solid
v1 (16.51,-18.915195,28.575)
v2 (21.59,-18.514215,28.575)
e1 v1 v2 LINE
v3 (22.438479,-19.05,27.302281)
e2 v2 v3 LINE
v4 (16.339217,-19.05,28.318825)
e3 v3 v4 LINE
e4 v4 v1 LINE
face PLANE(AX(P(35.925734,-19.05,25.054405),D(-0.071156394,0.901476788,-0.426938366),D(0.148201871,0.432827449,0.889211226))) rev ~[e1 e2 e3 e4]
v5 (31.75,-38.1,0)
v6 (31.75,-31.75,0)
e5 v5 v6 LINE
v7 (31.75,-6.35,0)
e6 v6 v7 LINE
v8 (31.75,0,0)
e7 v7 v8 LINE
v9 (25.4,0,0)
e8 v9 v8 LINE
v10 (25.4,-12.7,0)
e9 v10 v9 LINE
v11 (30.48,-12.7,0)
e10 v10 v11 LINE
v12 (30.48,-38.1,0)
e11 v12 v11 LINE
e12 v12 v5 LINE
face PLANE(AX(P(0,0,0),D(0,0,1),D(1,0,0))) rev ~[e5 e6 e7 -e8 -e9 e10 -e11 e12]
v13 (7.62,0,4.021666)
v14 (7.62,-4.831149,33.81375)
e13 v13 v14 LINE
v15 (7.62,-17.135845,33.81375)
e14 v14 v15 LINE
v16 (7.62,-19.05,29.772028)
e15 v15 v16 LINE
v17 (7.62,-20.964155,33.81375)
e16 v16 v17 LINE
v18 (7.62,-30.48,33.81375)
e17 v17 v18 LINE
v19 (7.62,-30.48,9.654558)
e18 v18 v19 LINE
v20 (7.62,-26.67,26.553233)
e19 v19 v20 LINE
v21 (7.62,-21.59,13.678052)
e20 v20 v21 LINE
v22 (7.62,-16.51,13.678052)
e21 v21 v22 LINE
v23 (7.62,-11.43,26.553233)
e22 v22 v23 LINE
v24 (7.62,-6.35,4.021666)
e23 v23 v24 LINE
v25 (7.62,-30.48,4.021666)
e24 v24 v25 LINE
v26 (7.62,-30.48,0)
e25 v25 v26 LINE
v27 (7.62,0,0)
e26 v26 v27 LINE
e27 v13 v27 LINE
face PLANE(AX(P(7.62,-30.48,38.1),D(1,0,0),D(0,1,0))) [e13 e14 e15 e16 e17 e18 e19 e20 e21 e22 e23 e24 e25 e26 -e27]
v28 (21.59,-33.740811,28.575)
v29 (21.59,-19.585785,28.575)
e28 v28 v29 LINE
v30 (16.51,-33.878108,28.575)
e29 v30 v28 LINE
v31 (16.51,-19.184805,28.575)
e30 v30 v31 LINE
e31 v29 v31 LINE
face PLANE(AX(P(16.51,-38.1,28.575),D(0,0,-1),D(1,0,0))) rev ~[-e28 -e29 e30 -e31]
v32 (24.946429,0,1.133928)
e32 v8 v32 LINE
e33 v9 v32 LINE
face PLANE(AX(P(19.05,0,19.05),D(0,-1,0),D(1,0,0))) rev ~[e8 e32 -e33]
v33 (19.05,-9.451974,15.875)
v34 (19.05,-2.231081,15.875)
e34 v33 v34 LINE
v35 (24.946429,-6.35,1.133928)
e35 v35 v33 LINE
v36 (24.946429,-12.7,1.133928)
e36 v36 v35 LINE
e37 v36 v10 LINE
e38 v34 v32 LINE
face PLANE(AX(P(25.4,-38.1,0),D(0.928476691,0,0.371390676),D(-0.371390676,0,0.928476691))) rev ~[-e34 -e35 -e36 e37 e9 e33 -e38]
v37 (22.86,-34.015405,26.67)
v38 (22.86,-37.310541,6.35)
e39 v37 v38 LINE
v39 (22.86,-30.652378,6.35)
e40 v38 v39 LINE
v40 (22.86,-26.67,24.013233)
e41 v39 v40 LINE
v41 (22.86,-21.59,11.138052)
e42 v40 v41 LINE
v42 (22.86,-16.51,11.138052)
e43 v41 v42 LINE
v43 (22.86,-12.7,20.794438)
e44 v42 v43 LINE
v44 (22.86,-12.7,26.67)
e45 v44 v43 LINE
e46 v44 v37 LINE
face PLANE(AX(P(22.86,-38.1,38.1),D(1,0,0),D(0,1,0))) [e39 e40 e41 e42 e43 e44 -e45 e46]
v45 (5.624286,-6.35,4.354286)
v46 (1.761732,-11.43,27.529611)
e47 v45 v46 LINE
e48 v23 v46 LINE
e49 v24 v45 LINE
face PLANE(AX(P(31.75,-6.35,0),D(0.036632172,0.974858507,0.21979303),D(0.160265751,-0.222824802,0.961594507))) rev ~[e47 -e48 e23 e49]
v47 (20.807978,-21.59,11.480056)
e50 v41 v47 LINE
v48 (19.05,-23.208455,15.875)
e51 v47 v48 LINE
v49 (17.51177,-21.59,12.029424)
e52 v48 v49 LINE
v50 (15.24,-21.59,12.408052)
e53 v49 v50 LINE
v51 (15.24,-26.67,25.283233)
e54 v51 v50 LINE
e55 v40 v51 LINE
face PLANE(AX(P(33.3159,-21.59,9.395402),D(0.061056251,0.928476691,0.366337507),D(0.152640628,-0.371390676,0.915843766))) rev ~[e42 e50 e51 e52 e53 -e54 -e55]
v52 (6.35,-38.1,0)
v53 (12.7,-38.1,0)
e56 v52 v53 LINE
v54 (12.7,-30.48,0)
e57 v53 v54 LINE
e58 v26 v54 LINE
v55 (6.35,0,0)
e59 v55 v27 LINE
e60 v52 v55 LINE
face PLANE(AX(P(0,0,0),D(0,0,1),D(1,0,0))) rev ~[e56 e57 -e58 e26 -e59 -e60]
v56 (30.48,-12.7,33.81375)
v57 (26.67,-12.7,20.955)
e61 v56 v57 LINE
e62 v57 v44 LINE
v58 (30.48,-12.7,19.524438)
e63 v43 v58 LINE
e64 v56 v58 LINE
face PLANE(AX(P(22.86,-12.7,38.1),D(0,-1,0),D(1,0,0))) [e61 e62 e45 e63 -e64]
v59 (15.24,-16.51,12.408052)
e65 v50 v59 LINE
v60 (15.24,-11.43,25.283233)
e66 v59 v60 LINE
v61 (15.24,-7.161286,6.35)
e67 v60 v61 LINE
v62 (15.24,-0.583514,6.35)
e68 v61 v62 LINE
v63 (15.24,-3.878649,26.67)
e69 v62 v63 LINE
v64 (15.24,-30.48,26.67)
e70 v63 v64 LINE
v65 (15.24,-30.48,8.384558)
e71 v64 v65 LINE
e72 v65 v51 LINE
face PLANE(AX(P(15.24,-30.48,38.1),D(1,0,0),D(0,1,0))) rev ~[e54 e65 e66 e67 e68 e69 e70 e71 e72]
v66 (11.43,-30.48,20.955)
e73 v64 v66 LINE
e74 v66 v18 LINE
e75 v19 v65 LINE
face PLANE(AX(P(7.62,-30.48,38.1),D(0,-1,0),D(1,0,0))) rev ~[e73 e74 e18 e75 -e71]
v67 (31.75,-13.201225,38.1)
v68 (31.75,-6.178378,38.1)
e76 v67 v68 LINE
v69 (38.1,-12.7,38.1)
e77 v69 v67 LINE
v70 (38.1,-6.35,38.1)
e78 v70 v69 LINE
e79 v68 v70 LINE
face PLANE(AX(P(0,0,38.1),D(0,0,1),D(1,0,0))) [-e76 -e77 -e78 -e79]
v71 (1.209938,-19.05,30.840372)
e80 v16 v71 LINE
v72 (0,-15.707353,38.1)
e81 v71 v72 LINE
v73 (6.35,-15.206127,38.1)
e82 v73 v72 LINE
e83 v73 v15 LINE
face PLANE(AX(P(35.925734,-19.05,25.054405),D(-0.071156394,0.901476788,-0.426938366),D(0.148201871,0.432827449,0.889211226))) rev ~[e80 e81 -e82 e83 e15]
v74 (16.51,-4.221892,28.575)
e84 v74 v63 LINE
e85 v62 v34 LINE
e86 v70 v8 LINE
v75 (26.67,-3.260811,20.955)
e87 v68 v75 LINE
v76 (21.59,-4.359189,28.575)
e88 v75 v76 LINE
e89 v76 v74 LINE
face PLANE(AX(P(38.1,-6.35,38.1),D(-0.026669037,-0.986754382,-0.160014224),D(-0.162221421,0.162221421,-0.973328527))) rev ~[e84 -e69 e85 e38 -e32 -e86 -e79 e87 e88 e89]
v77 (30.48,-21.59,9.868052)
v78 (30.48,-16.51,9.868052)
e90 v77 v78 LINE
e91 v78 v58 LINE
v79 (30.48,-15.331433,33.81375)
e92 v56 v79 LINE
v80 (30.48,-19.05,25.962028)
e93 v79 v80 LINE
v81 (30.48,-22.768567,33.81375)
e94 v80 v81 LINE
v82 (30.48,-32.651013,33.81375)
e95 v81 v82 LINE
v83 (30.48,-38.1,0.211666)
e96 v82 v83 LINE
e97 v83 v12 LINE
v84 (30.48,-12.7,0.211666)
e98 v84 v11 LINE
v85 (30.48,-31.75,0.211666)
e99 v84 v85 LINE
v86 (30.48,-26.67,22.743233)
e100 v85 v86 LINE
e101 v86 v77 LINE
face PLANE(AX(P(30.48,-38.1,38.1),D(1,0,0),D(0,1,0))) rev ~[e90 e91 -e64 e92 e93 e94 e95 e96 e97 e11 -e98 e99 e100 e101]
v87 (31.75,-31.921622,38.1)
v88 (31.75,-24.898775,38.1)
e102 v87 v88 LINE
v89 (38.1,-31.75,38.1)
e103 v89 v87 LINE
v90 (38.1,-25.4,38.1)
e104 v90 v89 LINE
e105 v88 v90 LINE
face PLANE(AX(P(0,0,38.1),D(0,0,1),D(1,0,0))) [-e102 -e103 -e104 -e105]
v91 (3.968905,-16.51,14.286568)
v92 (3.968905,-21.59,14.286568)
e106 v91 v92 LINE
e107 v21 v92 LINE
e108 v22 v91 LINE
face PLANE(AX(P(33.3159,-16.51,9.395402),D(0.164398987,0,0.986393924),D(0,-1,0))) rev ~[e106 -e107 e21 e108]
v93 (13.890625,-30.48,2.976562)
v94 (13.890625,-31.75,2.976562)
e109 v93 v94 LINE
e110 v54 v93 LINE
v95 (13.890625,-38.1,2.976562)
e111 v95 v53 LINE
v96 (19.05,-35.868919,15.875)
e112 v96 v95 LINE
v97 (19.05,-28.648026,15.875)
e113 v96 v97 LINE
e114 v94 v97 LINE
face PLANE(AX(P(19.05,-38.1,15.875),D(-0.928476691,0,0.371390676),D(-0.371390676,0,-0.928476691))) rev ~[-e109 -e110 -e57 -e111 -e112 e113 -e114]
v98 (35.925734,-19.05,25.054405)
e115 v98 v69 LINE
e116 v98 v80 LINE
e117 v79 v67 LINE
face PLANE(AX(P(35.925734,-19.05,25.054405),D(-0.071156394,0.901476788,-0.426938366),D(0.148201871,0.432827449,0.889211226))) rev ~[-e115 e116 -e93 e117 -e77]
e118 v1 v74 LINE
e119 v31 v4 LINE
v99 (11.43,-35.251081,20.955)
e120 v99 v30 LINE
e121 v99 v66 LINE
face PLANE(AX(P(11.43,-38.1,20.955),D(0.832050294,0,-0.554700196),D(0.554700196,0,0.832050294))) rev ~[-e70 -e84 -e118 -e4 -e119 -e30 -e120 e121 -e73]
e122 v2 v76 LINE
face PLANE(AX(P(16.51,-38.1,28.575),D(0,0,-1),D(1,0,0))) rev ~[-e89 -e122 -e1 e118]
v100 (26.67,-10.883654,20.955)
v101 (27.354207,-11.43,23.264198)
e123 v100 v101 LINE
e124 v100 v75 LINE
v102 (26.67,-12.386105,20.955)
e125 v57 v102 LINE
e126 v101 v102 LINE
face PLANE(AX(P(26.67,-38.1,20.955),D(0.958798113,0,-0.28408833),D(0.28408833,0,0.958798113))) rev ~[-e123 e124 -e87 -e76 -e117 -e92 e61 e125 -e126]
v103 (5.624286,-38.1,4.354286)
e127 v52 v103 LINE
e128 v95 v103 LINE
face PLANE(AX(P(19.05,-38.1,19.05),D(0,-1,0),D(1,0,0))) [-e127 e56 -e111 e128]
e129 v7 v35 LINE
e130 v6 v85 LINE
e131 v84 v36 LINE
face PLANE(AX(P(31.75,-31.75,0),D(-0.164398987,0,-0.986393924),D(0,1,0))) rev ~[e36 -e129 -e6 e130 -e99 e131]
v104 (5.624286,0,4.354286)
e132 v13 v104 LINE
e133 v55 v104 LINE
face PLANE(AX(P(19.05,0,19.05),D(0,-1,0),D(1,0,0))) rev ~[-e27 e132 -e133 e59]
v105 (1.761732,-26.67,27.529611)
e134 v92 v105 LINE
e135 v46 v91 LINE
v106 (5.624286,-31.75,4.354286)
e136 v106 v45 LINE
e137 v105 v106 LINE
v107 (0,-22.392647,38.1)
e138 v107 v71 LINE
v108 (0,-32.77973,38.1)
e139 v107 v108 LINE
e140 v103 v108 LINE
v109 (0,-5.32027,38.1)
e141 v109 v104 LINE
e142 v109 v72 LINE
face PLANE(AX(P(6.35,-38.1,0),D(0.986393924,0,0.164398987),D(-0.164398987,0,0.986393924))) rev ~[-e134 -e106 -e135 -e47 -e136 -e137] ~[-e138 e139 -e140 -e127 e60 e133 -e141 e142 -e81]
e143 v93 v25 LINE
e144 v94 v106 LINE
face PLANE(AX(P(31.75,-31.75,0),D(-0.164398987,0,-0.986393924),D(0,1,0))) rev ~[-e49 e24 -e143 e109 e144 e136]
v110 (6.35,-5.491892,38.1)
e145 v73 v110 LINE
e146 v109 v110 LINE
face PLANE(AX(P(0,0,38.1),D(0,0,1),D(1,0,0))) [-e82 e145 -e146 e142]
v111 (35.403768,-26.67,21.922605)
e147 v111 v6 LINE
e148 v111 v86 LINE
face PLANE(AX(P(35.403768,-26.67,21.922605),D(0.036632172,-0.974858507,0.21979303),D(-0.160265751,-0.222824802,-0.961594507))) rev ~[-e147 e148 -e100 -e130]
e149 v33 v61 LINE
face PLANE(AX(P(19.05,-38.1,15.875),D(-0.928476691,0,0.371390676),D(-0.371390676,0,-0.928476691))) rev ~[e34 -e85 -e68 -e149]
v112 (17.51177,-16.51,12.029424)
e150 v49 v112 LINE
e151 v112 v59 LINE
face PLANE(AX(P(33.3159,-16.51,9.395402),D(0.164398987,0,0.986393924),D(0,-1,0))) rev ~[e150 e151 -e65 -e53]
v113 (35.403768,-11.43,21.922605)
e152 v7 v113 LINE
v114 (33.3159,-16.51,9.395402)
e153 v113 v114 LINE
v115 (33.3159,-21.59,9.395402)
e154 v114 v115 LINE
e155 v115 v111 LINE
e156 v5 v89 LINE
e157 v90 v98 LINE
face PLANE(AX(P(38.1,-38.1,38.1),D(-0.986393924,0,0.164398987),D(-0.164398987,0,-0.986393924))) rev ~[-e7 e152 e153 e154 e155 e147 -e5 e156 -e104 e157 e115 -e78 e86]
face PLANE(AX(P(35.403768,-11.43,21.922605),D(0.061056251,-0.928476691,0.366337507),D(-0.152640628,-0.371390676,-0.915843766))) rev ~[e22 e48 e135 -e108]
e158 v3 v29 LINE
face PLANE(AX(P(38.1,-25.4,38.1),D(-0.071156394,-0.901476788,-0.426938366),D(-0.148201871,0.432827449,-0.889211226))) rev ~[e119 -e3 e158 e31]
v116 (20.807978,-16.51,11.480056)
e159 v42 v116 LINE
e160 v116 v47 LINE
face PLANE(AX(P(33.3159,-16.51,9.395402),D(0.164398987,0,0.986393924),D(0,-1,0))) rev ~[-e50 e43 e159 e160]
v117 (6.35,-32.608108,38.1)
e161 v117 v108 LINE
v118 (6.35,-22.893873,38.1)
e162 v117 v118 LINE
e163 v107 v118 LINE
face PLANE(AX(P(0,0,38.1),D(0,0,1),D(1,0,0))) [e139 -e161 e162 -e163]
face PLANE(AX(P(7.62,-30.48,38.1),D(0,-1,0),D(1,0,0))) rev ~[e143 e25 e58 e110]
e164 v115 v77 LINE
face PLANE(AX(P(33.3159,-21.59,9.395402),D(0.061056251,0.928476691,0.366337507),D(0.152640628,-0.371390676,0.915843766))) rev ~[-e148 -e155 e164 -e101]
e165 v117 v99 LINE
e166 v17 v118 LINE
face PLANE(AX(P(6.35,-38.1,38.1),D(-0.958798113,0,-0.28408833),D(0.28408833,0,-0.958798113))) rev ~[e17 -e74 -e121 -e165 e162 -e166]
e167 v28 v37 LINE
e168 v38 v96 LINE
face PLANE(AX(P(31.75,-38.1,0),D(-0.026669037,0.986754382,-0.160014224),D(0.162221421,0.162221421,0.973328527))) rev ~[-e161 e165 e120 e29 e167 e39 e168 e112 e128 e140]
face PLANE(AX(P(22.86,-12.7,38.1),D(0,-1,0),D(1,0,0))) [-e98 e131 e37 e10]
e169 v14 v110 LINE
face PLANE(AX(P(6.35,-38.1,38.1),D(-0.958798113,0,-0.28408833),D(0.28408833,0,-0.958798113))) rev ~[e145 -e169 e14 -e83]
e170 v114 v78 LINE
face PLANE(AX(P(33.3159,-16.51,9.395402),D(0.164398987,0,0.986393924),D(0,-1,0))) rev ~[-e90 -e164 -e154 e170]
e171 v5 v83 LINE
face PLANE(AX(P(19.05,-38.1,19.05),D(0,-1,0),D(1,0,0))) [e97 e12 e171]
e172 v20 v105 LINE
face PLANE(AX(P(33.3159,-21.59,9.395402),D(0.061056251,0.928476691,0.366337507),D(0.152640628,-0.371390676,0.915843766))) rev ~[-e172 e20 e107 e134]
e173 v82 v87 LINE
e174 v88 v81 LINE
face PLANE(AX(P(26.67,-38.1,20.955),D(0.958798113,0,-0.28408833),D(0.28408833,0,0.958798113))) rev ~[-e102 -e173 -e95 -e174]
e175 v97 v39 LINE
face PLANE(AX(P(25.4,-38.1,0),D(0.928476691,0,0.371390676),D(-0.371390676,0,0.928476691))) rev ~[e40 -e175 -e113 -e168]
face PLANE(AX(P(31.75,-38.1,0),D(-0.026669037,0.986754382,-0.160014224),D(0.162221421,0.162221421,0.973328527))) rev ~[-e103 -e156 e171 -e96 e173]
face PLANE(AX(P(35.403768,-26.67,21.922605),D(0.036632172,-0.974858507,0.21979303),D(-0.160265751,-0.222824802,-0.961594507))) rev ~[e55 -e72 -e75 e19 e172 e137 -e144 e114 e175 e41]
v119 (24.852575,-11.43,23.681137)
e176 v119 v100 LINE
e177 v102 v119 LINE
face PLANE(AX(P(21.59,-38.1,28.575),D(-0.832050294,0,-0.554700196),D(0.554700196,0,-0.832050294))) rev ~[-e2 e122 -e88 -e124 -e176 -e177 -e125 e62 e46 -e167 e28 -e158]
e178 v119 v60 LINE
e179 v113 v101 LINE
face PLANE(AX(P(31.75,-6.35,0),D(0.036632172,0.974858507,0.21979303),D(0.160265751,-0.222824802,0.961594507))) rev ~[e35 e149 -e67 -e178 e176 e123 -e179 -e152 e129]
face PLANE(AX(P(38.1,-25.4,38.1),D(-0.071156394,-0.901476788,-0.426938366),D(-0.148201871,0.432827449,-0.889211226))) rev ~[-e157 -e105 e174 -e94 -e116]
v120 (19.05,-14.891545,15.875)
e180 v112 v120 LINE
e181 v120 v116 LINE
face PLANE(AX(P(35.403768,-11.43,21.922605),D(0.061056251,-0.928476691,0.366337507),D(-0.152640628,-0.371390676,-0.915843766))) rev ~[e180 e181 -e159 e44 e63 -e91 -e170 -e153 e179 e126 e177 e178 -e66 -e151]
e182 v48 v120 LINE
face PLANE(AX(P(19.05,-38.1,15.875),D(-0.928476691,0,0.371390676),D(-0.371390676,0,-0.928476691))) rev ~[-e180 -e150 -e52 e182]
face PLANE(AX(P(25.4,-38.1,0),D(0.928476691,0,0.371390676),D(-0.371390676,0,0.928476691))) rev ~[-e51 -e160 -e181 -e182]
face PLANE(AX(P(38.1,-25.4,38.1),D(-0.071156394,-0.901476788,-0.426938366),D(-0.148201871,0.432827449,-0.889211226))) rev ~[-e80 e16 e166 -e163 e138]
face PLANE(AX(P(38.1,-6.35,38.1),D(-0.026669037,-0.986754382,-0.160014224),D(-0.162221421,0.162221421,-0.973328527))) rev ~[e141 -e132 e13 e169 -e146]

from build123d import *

# Parameters (mm, degrees)
F0_W     = 38.1
F0_H     = 38.1
F1_DEPTH = 38.1
F3_DEPTH = 38.1
F5_DEPTH = 38.1
F7_W     = 7.62
F7_H     = 25.4
F7_H_2   = 30.48
F8_DEPTH = 38.1


with BuildPart() as f1:
    # F0 (on Front) → F1 (new body)
    with BuildSketch(Plane.XZ):
        with Locations((19.05, 19.05)):
            Rectangle(F0_W, F0_H)
    extrude(amount=F1_DEPTH)

    # F2 (on face) → F3 (cut)
    with BuildSketch(Plane.XZ.offset(38.1)):
        Polygon((31.75, 38.1), (6.35, 38.1), (11.43, 20.955), (16.51, 28.575), (21.59, 28.575), (26.67, 20.955), align=None)
        Polygon((0, 38.1), (0, 0), (6.35, 0), align=None)
        Polygon((19.05, 15.875), (19.05, 0), (25.4, 0), align=None)
        Polygon((19.05, 15.875), (12.7, 0), (19.05, 0), align=None)
        Polygon((38.1, 0), (38.1, 38.1), (31.75, 0), align=None)
    extrude(amount=-F3_DEPTH, mode=Mode.SUBTRACT)

    # F4 (on face) → F5 (cut)
    with BuildSketch(Plane(origin=(30.891892, 0, -5.148649), x_dir=(0, 1, 0), z_dir=(0.986394, 0, -0.164399))):
        Polygon((-6.35, 43.84521), (0, 5.219668), (0, 43.84521), align=None)
        Polygon((-12.7, 43.84521), (-19.05, 43.84521), (-19.05, 30.619668), align=None)
        Polygon((-19.05, 43.84521), (-25.4, 43.84521), (-19.05, 30.619668), align=None)
        Polygon((-26.67, 27.444668), (-31.75, 5.219668), (-6.35, 5.219668), (-11.43, 27.444668), (-16.51, 14.744668), (-21.59, 14.744668), align=None)
        Polygon((-31.75, 43.84521), (-38.1, 43.84521), (-38.1, 5.219668), align=None)
    extrude(amount=-F5_DEPTH, mode=Mode.SUBTRACT)

    # F7 (on offset) → F8 (cut)
    with BuildSketch(Plane.XY.offset(38.1)):
        with Locations((26.67, -25.4)):
            Rectangle(F7_W, F7_H)
        with Locations((11.43, -15.24)):
            Rectangle(F7_W, F7_H_2)
    extrude(amount=-F8_DEPTH, mode=Mode.SUBTRACT)


solid = f1.part
